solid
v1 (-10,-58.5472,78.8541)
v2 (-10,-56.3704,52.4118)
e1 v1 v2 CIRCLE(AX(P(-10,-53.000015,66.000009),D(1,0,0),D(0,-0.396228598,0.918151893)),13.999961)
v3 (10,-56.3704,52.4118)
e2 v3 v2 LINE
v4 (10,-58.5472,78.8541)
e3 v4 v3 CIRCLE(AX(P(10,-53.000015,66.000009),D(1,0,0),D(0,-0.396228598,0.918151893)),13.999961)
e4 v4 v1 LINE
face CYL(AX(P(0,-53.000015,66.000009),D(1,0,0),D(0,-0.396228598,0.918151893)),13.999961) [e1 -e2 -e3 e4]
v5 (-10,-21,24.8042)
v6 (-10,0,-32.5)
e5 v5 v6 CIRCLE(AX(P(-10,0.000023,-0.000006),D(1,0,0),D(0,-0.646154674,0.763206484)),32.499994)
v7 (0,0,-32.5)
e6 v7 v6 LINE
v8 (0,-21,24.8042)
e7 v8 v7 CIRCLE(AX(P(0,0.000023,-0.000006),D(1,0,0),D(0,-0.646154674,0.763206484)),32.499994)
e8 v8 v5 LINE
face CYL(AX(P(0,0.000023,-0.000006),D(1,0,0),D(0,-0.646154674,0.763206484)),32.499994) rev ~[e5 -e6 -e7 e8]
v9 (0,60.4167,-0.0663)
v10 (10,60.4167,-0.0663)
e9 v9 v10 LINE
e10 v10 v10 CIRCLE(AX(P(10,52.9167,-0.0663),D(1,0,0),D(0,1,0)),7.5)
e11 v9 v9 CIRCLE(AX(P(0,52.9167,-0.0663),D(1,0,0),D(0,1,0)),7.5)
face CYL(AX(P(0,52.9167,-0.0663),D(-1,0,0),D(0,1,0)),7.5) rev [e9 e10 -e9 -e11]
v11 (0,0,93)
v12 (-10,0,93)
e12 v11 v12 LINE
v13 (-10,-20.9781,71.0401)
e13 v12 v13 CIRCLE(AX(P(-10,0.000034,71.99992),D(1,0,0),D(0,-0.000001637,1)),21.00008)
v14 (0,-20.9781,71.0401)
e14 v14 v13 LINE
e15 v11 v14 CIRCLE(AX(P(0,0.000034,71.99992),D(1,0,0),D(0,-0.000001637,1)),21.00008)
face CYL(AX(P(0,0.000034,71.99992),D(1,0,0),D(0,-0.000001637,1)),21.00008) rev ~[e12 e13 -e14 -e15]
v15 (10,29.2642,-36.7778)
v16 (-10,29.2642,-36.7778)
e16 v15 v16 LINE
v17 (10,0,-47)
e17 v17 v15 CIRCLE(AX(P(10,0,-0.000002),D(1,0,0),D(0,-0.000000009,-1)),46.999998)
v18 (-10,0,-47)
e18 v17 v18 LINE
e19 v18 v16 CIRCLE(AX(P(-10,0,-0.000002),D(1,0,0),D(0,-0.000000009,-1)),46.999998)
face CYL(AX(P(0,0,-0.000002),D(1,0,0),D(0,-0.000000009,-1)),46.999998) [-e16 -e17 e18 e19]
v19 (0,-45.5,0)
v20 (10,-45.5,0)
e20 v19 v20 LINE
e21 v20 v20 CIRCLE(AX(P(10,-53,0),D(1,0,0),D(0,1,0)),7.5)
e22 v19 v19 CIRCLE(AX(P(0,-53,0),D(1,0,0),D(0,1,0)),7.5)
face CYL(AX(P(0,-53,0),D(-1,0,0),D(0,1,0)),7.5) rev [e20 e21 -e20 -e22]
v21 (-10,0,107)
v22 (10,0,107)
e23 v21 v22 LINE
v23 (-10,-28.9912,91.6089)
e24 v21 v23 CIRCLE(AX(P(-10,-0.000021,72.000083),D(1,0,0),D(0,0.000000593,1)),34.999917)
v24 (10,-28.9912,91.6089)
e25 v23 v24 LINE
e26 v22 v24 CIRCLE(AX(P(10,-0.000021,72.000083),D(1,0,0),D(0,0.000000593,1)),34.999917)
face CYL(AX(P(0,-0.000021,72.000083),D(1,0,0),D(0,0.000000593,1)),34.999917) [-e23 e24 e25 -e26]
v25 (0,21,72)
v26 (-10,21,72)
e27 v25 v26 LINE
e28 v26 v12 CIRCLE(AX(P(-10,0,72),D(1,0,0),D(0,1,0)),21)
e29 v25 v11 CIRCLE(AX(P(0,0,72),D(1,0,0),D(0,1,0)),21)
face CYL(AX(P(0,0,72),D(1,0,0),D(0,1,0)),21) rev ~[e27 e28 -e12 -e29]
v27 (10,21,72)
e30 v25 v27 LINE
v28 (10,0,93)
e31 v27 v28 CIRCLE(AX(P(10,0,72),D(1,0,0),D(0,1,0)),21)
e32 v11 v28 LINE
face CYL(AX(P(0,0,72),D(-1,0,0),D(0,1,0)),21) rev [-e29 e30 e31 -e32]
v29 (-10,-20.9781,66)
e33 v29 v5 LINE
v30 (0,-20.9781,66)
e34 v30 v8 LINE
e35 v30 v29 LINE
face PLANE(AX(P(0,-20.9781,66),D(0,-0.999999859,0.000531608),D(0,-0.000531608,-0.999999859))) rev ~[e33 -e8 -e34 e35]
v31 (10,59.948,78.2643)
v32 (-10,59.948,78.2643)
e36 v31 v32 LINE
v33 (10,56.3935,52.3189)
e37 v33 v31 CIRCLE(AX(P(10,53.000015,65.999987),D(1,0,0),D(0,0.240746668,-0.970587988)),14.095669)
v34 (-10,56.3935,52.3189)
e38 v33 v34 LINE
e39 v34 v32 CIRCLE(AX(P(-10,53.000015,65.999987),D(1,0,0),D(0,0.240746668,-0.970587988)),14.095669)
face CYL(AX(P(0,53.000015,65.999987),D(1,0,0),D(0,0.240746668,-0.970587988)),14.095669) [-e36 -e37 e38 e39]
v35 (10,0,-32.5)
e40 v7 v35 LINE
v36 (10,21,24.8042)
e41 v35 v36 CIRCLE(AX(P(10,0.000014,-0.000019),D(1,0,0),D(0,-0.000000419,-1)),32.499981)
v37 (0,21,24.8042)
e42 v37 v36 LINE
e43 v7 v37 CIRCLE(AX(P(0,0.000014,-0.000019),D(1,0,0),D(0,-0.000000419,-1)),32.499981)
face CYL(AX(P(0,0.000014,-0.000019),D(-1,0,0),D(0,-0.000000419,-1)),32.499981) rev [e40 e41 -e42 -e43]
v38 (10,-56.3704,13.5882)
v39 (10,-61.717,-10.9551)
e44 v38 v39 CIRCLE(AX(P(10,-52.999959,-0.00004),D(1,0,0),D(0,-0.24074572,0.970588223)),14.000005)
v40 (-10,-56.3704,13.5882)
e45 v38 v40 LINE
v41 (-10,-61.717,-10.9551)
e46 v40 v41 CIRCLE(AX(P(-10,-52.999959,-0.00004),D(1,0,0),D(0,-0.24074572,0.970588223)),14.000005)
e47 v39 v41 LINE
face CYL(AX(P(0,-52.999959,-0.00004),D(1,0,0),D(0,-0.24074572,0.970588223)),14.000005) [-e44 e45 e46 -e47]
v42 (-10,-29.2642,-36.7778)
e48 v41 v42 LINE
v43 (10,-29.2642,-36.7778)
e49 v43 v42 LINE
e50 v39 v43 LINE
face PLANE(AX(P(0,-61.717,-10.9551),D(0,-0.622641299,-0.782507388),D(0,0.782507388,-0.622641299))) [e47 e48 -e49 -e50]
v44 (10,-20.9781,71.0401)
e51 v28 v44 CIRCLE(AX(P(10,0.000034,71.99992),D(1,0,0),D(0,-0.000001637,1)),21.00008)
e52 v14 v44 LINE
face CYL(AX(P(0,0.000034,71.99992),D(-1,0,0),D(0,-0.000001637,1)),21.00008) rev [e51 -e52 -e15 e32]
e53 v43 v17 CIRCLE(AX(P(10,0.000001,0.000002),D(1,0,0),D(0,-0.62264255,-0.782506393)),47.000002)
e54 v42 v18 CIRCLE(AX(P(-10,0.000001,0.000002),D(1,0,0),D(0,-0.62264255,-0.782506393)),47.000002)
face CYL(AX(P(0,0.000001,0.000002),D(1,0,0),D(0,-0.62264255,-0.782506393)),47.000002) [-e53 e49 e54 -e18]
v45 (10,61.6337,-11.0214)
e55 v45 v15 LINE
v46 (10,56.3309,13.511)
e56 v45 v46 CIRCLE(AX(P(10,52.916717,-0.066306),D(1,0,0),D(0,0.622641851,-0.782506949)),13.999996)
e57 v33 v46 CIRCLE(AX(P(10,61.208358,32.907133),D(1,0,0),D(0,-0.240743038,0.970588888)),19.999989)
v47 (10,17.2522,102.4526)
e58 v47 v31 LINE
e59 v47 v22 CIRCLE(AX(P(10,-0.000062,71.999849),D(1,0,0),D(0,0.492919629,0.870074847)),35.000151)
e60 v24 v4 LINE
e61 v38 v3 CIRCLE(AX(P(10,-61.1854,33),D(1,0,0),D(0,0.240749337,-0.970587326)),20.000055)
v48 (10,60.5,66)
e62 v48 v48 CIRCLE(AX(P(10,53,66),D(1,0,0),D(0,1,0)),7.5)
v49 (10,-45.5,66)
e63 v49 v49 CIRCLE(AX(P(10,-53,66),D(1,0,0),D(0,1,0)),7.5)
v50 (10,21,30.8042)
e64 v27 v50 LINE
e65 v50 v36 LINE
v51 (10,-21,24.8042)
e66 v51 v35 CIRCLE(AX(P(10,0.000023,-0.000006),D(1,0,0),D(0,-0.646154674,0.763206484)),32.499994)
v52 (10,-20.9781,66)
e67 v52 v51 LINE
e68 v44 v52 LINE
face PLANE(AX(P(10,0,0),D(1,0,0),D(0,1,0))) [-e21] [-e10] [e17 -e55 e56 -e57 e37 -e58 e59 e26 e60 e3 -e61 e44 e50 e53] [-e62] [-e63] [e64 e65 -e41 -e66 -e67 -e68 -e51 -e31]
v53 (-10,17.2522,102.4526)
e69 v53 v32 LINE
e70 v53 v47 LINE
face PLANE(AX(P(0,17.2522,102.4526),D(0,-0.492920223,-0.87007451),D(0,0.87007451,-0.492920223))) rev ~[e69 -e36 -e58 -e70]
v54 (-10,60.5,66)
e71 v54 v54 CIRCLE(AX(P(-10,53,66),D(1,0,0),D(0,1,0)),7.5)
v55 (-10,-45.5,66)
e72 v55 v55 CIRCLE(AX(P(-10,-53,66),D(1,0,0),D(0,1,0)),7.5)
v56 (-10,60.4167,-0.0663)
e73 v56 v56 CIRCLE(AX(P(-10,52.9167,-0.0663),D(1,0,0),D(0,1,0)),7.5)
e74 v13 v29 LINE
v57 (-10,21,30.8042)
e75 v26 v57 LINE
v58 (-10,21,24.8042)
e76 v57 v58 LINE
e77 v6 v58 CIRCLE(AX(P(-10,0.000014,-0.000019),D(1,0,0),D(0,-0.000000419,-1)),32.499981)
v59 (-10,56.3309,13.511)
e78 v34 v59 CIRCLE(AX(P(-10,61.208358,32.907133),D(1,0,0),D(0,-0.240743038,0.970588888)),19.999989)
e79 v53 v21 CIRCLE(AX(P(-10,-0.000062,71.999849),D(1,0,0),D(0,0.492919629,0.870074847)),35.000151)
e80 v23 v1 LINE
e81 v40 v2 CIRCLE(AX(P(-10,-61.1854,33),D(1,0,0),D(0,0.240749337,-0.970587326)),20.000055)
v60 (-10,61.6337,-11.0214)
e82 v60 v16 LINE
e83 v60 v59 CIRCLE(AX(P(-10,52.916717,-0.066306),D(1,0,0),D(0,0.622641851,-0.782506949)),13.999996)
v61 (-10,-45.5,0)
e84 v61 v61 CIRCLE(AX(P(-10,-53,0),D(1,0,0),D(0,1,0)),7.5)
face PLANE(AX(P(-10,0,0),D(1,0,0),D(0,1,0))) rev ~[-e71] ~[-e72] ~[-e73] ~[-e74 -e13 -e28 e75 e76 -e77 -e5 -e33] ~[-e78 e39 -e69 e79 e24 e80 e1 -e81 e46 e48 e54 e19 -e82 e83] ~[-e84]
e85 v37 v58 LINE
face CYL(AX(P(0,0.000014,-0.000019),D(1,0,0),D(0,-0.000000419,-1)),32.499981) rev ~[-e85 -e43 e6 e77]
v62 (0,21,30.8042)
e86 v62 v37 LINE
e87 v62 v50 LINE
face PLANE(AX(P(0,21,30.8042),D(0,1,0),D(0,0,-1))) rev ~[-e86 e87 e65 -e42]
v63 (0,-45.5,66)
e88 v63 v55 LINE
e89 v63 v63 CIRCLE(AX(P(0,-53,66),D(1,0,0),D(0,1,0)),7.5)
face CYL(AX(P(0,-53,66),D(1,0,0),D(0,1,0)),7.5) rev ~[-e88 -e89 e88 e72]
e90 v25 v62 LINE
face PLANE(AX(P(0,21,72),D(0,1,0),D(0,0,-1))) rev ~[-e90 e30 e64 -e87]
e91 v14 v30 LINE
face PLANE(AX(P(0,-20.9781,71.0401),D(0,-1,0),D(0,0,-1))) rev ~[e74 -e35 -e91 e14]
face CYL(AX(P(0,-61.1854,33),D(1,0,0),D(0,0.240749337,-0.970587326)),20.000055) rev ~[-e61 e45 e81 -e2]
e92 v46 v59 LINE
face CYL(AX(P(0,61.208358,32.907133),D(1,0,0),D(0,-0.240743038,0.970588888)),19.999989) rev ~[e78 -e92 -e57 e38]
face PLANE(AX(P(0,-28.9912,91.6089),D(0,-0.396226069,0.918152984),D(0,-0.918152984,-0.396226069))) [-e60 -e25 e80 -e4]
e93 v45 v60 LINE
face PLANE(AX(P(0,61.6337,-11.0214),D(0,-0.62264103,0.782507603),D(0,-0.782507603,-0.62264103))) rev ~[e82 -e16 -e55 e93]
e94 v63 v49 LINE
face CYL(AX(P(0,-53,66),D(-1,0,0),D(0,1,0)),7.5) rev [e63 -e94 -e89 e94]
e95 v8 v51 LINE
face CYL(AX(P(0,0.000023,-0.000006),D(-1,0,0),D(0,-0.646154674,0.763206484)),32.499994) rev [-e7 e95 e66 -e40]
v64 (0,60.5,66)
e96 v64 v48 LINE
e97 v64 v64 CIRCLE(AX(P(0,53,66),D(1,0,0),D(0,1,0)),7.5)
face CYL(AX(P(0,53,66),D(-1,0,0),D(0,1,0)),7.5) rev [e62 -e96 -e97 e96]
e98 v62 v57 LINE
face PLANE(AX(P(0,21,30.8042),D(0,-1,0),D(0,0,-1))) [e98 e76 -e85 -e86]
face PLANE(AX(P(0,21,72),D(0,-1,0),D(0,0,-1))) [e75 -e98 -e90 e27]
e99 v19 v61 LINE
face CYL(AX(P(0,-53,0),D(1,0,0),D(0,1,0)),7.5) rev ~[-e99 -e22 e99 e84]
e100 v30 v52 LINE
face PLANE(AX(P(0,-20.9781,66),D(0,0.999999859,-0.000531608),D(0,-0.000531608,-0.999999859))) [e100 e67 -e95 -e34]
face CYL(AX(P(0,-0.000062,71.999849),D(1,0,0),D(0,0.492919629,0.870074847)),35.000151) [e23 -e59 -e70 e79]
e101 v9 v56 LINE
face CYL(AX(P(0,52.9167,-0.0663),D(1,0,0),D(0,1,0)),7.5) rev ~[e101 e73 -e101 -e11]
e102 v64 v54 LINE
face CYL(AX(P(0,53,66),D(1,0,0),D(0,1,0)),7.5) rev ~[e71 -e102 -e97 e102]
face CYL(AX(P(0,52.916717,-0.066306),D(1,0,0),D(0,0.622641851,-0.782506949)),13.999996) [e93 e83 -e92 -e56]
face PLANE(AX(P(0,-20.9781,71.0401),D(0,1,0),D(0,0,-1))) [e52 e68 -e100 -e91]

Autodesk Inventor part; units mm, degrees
ref_plane "YZ Plane" through (0, 0, 0) normal (1, 0, 0) x (0, 1, 0)
ref_plane "XZ Plane" through (0, 0, 0) normal (0, 1, 0) x (-1, 0, 0)
ref_plane "XY Plane" through (0, 0, 0) normal (0, 0, 1) x (1, 0, 0)
sketch "Sketch1" plane through (0, 0, 0) normal (1, 0, 0) x (0, 1, 0)
  arc A0 (17.2522, 102.4526) -> (0, 107) centre (0, 72) ccw
  arc A1 (0, -47) -> (29.2642, -36.7778) centre (0, 0) ccw
  arc A2 (56.3935, 52.3189) -> (59.948, 78.2643) centre (53, 66) ccw
  arc A3 (61.6337, -11.0214) -> (56.3309, 13.511) centre (52.9167, -0.0663) ccw
  line L0 (17.2522, 102.4526) -> (59.948, 78.2643)
  line L1 (61.6337, -11.0214) -> (29.2642, -36.7778)
  arc A4 (56.3935, 52.3189) -> (56.3309, 13.511) centre (61.2084, 32.9071) ccw
  arc A5 (21, 72) -> (0, 93) centre (0, 72) ccw
  arc A6 (0, -32.5) -> (21, 24.8042) centre (0, 0) ccw
  line L2 (21, 72) -> (21, 30.8042)
  circle A7 centre (53, 66) radius 7.5
  circle A8 centre (52.9167, -0.0663) radius 7.5
  arc A9 (-56.3704, 13.5882) -> (-56.3704, 52.4118) centre (-61.1854, 33) ccw
  line L3 (-20.9781, 66) -> (-21, 24.8042)
  circle A10 centre (-53, 66) radius 7.5
  line L4 (-28.9912, 91.6089) -> (-58.5472, 78.8541)
  arc A11 (0, 107) -> (-28.9912, 91.6089) centre (0, 72) ccw
  arc A12 (-58.5472, 78.8541) -> (-56.3704, 52.4118) centre (-53, 66) ccw
  arc A13 (-56.3704, 13.5882) -> (-61.717, -10.9551) centre (-53, 0) ccw
  arc A14 (-21, 24.8042) -> (0, -32.5) centre (0, 0) ccw
  arc A15 (-29.2642, -36.7778) -> (0, -47) centre (0, 0) ccw
  line L5 (-61.717, -10.9551) -> (-29.2642, -36.7778)
  circle A16 centre (-53, 0) radius 7.5
  arc A17 (0, 93) -> (-20.9781, 71.0401) centre (0, 72) ccw
  line L6 (21, 30.8042) -> (21, 24.8042)
  line L7 (-20.9781, 71.0401) -> (-20.9781, 66)
  dimension "d15" = 15
  dimension "d16" = 20
  dimension "d17" = 32.5
  dimension "d18" = 47
  dimension "d19" = 21
  dimension "d20" = 72
  dimension "d21" = 106
  dimension "d22" = 66
  dimension "d23" = 15
extrude "Extrusion1" add sketch "Sketch1" against normal mid plane 20
properties part number "hw9"
